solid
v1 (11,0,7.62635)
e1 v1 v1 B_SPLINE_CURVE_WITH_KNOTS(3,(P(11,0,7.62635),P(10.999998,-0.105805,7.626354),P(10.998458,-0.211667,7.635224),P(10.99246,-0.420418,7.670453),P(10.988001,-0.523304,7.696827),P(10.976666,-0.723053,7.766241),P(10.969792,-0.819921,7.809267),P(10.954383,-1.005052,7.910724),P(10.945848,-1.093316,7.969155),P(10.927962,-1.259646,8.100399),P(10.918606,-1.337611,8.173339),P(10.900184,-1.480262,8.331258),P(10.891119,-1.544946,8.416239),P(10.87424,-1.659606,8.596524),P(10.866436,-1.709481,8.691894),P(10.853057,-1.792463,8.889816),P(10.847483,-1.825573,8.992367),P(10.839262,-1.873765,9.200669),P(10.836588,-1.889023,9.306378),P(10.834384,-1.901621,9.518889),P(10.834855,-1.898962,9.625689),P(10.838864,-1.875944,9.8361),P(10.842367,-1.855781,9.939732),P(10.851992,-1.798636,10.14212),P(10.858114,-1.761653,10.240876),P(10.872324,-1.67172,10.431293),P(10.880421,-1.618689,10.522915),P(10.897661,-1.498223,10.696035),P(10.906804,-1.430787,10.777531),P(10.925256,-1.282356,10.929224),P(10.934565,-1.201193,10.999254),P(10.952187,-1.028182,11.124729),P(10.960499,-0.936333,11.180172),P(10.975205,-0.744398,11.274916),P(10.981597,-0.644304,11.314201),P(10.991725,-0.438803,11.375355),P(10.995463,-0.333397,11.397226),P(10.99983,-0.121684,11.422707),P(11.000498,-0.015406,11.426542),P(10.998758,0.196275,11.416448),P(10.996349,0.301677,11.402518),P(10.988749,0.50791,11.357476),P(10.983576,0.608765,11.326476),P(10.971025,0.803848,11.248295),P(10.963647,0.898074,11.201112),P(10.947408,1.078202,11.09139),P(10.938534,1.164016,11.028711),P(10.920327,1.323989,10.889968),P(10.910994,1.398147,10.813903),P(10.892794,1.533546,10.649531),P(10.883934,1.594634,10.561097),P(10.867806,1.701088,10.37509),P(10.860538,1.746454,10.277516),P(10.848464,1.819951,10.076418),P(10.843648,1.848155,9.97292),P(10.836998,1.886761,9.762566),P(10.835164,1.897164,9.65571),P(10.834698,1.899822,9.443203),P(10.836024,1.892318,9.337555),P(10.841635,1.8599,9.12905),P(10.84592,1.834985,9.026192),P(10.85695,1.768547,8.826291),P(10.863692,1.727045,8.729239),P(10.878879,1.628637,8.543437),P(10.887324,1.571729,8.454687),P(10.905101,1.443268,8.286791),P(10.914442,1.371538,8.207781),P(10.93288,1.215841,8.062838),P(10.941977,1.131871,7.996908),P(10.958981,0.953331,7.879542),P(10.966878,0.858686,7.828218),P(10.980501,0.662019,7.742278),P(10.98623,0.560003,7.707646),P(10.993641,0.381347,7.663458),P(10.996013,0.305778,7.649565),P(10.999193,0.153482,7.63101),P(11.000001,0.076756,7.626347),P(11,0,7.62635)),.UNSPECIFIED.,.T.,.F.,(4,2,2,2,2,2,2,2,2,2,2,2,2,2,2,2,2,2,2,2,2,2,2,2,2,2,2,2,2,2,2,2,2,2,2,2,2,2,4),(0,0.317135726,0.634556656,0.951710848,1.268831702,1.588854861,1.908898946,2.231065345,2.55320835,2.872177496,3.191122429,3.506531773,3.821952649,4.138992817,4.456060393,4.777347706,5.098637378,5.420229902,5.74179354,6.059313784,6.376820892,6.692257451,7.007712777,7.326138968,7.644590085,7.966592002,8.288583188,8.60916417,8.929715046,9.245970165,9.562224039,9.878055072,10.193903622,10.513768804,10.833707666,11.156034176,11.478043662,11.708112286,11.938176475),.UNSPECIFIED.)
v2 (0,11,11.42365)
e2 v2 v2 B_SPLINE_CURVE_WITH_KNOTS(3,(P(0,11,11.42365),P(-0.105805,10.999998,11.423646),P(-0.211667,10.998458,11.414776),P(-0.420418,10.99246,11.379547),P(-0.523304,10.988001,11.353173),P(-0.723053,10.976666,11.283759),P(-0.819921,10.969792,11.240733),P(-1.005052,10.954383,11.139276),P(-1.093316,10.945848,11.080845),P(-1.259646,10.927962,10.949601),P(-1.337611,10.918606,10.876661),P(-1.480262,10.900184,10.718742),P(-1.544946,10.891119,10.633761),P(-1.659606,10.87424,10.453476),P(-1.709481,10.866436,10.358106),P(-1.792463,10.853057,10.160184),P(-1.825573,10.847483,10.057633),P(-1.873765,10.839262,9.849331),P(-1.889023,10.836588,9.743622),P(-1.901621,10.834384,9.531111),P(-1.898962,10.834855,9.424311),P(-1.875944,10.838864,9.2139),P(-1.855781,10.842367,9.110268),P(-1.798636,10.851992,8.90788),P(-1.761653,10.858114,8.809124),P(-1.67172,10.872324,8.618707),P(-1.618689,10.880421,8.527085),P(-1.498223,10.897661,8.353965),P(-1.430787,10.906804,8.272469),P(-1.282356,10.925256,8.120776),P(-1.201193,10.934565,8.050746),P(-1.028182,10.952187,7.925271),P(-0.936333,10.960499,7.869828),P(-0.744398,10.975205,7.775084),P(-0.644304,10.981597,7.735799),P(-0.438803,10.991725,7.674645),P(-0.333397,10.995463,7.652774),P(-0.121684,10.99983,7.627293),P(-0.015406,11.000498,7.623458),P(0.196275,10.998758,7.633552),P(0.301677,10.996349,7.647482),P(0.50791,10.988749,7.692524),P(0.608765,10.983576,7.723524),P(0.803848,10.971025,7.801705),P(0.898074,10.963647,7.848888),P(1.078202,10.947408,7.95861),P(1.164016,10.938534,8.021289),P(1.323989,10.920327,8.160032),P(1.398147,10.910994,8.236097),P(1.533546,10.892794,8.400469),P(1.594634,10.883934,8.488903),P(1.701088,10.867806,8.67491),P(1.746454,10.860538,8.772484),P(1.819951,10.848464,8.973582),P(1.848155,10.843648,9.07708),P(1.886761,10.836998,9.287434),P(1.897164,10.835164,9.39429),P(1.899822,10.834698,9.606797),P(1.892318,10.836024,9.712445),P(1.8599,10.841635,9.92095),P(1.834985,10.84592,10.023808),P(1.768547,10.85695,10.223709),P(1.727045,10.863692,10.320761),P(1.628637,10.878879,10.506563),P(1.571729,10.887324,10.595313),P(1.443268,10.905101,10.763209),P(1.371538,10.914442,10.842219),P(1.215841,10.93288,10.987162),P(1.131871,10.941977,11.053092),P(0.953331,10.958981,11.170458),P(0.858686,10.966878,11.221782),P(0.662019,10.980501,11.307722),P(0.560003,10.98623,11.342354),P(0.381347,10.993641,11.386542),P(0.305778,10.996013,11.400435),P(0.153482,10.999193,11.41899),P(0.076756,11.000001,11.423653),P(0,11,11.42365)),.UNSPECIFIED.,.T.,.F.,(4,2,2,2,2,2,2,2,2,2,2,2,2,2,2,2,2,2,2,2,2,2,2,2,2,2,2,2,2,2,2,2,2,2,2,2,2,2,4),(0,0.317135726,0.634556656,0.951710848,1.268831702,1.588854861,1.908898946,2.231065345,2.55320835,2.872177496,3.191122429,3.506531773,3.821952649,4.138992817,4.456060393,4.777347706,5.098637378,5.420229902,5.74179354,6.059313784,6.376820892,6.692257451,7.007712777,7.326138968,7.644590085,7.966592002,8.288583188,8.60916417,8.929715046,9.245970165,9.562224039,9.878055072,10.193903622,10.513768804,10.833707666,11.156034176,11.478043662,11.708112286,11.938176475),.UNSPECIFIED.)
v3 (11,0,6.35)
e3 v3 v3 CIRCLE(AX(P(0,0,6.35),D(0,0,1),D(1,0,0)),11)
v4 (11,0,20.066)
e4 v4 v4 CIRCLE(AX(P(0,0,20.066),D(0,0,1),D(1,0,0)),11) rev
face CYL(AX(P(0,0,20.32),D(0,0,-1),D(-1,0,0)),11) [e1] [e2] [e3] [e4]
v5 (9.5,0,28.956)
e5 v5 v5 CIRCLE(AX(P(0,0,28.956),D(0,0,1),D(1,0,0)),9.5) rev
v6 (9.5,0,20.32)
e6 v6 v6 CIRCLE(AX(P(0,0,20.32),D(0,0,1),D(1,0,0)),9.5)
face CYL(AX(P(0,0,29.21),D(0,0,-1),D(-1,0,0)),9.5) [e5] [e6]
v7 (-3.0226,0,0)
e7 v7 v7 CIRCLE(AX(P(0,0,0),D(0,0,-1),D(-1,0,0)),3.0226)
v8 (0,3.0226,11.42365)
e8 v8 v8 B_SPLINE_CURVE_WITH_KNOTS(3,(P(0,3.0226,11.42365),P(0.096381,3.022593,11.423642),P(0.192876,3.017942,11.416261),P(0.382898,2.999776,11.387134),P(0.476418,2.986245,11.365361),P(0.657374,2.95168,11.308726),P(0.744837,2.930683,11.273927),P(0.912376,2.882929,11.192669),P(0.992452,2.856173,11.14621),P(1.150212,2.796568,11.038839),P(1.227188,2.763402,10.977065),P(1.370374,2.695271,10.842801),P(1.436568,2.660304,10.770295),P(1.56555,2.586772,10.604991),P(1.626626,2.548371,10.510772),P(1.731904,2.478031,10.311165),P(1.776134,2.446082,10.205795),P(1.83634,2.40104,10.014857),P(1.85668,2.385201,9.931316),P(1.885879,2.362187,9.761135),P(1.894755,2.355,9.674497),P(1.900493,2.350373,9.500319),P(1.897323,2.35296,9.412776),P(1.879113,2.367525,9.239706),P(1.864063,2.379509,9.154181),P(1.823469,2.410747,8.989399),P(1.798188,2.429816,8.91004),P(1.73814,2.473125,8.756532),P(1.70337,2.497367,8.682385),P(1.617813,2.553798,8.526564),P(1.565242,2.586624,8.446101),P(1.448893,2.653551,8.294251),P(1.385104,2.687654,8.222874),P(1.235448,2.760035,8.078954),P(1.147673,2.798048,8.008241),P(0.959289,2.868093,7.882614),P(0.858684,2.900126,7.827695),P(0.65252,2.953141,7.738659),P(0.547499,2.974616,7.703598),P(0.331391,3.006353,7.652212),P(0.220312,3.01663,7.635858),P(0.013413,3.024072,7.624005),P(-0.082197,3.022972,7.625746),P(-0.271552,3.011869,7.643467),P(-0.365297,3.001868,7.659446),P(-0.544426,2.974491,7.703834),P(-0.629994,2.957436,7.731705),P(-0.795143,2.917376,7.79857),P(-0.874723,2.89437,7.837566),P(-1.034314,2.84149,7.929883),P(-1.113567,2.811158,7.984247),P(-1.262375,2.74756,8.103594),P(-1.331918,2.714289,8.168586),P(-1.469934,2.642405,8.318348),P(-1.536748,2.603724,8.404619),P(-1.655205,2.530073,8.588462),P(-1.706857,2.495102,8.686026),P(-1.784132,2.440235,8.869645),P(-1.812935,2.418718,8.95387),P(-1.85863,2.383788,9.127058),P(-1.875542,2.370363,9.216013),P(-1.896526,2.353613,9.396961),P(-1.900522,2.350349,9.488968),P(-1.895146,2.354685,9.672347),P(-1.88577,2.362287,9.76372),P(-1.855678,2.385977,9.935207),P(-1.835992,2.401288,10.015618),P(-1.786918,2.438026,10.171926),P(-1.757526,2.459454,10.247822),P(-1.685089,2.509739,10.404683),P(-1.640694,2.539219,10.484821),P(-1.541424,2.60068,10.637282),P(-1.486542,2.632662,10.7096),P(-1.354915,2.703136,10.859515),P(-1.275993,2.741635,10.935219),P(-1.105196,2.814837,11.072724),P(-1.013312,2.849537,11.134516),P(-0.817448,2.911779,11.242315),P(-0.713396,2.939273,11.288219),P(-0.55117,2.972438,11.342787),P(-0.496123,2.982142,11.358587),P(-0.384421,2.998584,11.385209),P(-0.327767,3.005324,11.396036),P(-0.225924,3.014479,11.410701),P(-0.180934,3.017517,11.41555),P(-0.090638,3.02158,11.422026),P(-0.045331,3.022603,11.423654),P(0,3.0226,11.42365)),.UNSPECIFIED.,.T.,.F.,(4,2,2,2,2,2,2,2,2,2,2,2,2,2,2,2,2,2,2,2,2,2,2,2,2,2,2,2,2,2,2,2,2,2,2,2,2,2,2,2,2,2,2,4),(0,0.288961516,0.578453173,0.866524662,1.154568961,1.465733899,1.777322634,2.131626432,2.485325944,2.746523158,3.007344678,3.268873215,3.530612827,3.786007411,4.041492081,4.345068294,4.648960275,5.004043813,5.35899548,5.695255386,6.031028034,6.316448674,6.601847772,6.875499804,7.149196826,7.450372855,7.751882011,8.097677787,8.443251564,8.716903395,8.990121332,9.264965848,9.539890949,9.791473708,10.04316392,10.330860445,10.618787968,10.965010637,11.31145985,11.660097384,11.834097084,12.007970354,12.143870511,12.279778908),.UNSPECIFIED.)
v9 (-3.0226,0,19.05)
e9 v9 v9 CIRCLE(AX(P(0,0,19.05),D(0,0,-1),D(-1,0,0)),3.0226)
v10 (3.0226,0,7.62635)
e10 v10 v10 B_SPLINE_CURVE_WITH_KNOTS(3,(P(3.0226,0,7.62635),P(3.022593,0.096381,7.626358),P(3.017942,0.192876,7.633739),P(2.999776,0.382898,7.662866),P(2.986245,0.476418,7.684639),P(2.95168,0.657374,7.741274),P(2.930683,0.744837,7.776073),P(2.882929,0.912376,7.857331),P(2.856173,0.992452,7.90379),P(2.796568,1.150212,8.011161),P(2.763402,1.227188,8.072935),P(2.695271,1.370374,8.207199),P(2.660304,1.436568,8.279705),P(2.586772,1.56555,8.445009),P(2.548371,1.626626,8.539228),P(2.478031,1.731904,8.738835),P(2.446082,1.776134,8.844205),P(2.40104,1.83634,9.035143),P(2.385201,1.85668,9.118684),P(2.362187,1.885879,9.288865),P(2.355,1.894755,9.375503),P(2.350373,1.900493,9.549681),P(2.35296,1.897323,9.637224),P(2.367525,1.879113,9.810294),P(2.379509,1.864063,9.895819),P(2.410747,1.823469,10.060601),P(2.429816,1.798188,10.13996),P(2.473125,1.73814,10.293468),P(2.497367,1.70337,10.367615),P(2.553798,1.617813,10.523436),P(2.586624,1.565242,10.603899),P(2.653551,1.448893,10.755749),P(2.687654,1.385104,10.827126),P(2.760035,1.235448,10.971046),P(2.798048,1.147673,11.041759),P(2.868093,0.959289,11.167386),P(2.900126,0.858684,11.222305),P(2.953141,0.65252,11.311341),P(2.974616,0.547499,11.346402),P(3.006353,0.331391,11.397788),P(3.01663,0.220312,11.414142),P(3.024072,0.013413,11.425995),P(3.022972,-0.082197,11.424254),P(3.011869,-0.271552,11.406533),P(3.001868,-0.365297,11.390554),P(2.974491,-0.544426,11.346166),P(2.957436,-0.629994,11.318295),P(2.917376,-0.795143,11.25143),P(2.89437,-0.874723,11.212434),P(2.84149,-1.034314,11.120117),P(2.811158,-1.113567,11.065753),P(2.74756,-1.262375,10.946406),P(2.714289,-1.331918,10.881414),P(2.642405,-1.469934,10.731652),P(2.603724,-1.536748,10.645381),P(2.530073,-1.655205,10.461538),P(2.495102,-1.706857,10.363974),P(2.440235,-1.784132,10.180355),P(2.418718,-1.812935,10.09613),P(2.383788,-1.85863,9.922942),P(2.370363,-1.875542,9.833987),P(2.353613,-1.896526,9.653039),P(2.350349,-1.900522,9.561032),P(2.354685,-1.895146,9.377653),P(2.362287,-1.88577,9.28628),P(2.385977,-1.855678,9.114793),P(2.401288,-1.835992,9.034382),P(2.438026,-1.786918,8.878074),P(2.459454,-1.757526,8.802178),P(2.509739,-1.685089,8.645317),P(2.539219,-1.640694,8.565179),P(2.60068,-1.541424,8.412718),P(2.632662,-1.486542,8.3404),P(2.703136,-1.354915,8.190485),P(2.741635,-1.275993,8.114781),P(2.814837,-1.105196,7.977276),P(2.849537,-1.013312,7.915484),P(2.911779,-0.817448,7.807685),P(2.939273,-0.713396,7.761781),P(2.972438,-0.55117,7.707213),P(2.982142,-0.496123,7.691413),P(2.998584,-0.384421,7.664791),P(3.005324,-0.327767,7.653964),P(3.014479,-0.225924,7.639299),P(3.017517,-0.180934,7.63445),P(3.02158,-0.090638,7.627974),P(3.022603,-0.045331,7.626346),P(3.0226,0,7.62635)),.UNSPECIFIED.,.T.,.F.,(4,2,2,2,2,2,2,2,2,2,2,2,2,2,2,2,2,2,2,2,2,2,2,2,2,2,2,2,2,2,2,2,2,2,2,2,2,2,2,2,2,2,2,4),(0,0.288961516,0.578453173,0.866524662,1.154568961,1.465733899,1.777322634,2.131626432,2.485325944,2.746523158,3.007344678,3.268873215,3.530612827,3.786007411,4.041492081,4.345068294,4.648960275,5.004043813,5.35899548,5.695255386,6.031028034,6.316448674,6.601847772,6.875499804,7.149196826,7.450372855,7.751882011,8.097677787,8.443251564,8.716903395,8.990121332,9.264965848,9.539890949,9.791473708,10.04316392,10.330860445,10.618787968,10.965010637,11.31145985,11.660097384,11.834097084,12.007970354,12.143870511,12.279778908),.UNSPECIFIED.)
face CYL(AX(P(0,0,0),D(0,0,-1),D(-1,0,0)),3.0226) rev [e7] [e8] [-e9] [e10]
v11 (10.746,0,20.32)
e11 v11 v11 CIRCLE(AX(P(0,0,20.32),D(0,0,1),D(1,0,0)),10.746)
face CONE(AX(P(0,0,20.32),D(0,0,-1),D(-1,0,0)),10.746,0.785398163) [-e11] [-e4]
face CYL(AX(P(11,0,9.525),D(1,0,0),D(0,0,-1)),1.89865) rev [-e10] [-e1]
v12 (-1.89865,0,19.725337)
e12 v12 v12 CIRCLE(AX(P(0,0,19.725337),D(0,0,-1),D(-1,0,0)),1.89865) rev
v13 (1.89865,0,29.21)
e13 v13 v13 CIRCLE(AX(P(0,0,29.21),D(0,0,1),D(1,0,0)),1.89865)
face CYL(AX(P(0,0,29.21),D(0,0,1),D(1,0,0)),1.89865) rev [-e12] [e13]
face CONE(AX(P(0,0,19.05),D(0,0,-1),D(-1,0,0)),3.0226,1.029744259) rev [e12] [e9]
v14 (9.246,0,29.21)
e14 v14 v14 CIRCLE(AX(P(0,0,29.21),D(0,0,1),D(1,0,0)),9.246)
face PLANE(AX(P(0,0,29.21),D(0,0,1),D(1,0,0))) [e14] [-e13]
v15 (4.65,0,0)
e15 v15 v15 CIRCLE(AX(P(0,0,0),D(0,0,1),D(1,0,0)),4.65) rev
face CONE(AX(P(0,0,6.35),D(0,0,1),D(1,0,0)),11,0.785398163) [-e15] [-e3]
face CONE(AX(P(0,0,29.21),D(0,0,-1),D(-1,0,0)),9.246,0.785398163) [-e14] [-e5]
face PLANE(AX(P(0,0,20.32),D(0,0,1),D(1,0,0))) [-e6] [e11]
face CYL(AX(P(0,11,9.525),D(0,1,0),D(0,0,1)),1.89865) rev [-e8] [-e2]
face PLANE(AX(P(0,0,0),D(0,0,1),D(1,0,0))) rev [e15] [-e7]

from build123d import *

# Parameters (mm, degrees)
SKETCH1_R                    = 11
BOSS_EXTRUDE1_DEPTH          = 20.32
SKETCH5_R                    = 9.5
BOSS_EXTRUDE6_DEPTH          = 8.89
B_0_238_DIAMETER_HOLE1_D     = 6.0452
B_0_238_DIAMETER_HOLE1_DEPTH = 19.05
B_0_238_DIAMETER_HOLE1_TIP   = 1.816161307
F_10_24_TAPPED_HOLE1_REACH   = 33.504
F_10_24_TAPPED_HOLE1_BORE_R  = 1.89865
F_10_24_TAPPED_HOLE2_D       = 3.7973
CHAMFER1_SIZE                = 6.35
CHAMFER2_SIZE                = 0.254
CIRPATTERN1_COUNT            = 2
CIRPATTERN1_ANGLE            = 90


with BuildPart() as part:
    # Sketch1 → Boss-Extrude1 (new body)
    with BuildSketch(Plane.XY):
        Circle(SKETCH1_R)
    extrude(amount=BOSS_EXTRUDE1_DEPTH)

    # Sketch5 → Boss-Extrude6 (add)
    with BuildSketch(Plane.XY.offset(20.32)):
        Circle(SKETCH5_R)
    extrude(amount=BOSS_EXTRUDE6_DEPTH)

    # B (0.238) Diameter Hole1
    with Locations(Plane(origin=(0, 0, 0), x_dir=(-1, 0, 0), z_dir=(0, 0, -1))):
        with Locations((0, 0)):
            Hole(B_0_238_DIAMETER_HOLE1_D / 2, depth=B_0_238_DIAMETER_HOLE1_DEPTH)
            with Locations((0, 0, -(B_0_238_DIAMETER_HOLE1_DEPTH + B_0_238_DIAMETER_HOLE1_TIP / 2))):  # 118° drill point
                Cone(0, B_0_238_DIAMETER_HOLE1_D / 2, B_0_238_DIAMETER_HOLE1_TIP, mode=Mode.SUBTRACT)

    # #10-24 Tapped Hole1 bore (on position points) → #10-24 Tapped Hole1 (cut, up to next)
    with BuildSketch(Plane(origin=(0, 11, 9.525), x_dir=(1, 0, 0), z_dir=(0, 1, 0)), mode=Mode.PRIVATE) as f_10_24_tapped_hole1_sk1:
        Circle(F_10_24_TAPPED_HOLE1_BORE_R)
    f_10_24_tapped_hole1_tool1 = extrude(f_10_24_tapped_hole1_sk1.sketch, amount=-F_10_24_TAPPED_HOLE1_REACH, mode=Mode.PRIVATE) & part.part
    f_10_24_tapped_hole1 = f_10_24_tapped_hole1_tool1.solids().sort_by_distance((0, 11, 9.525))[0]
    add(f_10_24_tapped_hole1, mode=Mode.SUBTRACT)

    # #10-24 Tapped Hole2 (through all)
    with Locations(Plane.XY.offset(29.21)):
        with Locations((0, 0)):
            Hole(F_10_24_TAPPED_HOLE2_D / 2)

    # Chamfer1
    chamfer1_edges = [part.edges().sort_by_distance(p)[0] for p in [
        (-11, 0, 0),
    ]]
    chamfer(chamfer1_edges, length=CHAMFER1_SIZE)

    # Chamfer2
    chamfer2_edges = [part.edges().sort_by_distance(p)[0] for p in [
        (-11, 0, 20.32),
        (-9.5, 0, 29.21),
    ]]
    chamfer(chamfer2_edges, length=CHAMFER2_SIZE)

    # CirPattern1: #10-24 Tapped Hole1 ×2 about axis
    cirpattern1_axis = Axis((0, 0, 20.32), (0, 0, -1))
    for i in range(1, CIRPATTERN1_COUNT):
        add(f_10_24_tapped_hole1.rotate(cirpattern1_axis, i * CIRPATTERN1_ANGLE / (CIRPATTERN1_COUNT - 1)), mode=Mode.SUBTRACT)


solid = part.part
